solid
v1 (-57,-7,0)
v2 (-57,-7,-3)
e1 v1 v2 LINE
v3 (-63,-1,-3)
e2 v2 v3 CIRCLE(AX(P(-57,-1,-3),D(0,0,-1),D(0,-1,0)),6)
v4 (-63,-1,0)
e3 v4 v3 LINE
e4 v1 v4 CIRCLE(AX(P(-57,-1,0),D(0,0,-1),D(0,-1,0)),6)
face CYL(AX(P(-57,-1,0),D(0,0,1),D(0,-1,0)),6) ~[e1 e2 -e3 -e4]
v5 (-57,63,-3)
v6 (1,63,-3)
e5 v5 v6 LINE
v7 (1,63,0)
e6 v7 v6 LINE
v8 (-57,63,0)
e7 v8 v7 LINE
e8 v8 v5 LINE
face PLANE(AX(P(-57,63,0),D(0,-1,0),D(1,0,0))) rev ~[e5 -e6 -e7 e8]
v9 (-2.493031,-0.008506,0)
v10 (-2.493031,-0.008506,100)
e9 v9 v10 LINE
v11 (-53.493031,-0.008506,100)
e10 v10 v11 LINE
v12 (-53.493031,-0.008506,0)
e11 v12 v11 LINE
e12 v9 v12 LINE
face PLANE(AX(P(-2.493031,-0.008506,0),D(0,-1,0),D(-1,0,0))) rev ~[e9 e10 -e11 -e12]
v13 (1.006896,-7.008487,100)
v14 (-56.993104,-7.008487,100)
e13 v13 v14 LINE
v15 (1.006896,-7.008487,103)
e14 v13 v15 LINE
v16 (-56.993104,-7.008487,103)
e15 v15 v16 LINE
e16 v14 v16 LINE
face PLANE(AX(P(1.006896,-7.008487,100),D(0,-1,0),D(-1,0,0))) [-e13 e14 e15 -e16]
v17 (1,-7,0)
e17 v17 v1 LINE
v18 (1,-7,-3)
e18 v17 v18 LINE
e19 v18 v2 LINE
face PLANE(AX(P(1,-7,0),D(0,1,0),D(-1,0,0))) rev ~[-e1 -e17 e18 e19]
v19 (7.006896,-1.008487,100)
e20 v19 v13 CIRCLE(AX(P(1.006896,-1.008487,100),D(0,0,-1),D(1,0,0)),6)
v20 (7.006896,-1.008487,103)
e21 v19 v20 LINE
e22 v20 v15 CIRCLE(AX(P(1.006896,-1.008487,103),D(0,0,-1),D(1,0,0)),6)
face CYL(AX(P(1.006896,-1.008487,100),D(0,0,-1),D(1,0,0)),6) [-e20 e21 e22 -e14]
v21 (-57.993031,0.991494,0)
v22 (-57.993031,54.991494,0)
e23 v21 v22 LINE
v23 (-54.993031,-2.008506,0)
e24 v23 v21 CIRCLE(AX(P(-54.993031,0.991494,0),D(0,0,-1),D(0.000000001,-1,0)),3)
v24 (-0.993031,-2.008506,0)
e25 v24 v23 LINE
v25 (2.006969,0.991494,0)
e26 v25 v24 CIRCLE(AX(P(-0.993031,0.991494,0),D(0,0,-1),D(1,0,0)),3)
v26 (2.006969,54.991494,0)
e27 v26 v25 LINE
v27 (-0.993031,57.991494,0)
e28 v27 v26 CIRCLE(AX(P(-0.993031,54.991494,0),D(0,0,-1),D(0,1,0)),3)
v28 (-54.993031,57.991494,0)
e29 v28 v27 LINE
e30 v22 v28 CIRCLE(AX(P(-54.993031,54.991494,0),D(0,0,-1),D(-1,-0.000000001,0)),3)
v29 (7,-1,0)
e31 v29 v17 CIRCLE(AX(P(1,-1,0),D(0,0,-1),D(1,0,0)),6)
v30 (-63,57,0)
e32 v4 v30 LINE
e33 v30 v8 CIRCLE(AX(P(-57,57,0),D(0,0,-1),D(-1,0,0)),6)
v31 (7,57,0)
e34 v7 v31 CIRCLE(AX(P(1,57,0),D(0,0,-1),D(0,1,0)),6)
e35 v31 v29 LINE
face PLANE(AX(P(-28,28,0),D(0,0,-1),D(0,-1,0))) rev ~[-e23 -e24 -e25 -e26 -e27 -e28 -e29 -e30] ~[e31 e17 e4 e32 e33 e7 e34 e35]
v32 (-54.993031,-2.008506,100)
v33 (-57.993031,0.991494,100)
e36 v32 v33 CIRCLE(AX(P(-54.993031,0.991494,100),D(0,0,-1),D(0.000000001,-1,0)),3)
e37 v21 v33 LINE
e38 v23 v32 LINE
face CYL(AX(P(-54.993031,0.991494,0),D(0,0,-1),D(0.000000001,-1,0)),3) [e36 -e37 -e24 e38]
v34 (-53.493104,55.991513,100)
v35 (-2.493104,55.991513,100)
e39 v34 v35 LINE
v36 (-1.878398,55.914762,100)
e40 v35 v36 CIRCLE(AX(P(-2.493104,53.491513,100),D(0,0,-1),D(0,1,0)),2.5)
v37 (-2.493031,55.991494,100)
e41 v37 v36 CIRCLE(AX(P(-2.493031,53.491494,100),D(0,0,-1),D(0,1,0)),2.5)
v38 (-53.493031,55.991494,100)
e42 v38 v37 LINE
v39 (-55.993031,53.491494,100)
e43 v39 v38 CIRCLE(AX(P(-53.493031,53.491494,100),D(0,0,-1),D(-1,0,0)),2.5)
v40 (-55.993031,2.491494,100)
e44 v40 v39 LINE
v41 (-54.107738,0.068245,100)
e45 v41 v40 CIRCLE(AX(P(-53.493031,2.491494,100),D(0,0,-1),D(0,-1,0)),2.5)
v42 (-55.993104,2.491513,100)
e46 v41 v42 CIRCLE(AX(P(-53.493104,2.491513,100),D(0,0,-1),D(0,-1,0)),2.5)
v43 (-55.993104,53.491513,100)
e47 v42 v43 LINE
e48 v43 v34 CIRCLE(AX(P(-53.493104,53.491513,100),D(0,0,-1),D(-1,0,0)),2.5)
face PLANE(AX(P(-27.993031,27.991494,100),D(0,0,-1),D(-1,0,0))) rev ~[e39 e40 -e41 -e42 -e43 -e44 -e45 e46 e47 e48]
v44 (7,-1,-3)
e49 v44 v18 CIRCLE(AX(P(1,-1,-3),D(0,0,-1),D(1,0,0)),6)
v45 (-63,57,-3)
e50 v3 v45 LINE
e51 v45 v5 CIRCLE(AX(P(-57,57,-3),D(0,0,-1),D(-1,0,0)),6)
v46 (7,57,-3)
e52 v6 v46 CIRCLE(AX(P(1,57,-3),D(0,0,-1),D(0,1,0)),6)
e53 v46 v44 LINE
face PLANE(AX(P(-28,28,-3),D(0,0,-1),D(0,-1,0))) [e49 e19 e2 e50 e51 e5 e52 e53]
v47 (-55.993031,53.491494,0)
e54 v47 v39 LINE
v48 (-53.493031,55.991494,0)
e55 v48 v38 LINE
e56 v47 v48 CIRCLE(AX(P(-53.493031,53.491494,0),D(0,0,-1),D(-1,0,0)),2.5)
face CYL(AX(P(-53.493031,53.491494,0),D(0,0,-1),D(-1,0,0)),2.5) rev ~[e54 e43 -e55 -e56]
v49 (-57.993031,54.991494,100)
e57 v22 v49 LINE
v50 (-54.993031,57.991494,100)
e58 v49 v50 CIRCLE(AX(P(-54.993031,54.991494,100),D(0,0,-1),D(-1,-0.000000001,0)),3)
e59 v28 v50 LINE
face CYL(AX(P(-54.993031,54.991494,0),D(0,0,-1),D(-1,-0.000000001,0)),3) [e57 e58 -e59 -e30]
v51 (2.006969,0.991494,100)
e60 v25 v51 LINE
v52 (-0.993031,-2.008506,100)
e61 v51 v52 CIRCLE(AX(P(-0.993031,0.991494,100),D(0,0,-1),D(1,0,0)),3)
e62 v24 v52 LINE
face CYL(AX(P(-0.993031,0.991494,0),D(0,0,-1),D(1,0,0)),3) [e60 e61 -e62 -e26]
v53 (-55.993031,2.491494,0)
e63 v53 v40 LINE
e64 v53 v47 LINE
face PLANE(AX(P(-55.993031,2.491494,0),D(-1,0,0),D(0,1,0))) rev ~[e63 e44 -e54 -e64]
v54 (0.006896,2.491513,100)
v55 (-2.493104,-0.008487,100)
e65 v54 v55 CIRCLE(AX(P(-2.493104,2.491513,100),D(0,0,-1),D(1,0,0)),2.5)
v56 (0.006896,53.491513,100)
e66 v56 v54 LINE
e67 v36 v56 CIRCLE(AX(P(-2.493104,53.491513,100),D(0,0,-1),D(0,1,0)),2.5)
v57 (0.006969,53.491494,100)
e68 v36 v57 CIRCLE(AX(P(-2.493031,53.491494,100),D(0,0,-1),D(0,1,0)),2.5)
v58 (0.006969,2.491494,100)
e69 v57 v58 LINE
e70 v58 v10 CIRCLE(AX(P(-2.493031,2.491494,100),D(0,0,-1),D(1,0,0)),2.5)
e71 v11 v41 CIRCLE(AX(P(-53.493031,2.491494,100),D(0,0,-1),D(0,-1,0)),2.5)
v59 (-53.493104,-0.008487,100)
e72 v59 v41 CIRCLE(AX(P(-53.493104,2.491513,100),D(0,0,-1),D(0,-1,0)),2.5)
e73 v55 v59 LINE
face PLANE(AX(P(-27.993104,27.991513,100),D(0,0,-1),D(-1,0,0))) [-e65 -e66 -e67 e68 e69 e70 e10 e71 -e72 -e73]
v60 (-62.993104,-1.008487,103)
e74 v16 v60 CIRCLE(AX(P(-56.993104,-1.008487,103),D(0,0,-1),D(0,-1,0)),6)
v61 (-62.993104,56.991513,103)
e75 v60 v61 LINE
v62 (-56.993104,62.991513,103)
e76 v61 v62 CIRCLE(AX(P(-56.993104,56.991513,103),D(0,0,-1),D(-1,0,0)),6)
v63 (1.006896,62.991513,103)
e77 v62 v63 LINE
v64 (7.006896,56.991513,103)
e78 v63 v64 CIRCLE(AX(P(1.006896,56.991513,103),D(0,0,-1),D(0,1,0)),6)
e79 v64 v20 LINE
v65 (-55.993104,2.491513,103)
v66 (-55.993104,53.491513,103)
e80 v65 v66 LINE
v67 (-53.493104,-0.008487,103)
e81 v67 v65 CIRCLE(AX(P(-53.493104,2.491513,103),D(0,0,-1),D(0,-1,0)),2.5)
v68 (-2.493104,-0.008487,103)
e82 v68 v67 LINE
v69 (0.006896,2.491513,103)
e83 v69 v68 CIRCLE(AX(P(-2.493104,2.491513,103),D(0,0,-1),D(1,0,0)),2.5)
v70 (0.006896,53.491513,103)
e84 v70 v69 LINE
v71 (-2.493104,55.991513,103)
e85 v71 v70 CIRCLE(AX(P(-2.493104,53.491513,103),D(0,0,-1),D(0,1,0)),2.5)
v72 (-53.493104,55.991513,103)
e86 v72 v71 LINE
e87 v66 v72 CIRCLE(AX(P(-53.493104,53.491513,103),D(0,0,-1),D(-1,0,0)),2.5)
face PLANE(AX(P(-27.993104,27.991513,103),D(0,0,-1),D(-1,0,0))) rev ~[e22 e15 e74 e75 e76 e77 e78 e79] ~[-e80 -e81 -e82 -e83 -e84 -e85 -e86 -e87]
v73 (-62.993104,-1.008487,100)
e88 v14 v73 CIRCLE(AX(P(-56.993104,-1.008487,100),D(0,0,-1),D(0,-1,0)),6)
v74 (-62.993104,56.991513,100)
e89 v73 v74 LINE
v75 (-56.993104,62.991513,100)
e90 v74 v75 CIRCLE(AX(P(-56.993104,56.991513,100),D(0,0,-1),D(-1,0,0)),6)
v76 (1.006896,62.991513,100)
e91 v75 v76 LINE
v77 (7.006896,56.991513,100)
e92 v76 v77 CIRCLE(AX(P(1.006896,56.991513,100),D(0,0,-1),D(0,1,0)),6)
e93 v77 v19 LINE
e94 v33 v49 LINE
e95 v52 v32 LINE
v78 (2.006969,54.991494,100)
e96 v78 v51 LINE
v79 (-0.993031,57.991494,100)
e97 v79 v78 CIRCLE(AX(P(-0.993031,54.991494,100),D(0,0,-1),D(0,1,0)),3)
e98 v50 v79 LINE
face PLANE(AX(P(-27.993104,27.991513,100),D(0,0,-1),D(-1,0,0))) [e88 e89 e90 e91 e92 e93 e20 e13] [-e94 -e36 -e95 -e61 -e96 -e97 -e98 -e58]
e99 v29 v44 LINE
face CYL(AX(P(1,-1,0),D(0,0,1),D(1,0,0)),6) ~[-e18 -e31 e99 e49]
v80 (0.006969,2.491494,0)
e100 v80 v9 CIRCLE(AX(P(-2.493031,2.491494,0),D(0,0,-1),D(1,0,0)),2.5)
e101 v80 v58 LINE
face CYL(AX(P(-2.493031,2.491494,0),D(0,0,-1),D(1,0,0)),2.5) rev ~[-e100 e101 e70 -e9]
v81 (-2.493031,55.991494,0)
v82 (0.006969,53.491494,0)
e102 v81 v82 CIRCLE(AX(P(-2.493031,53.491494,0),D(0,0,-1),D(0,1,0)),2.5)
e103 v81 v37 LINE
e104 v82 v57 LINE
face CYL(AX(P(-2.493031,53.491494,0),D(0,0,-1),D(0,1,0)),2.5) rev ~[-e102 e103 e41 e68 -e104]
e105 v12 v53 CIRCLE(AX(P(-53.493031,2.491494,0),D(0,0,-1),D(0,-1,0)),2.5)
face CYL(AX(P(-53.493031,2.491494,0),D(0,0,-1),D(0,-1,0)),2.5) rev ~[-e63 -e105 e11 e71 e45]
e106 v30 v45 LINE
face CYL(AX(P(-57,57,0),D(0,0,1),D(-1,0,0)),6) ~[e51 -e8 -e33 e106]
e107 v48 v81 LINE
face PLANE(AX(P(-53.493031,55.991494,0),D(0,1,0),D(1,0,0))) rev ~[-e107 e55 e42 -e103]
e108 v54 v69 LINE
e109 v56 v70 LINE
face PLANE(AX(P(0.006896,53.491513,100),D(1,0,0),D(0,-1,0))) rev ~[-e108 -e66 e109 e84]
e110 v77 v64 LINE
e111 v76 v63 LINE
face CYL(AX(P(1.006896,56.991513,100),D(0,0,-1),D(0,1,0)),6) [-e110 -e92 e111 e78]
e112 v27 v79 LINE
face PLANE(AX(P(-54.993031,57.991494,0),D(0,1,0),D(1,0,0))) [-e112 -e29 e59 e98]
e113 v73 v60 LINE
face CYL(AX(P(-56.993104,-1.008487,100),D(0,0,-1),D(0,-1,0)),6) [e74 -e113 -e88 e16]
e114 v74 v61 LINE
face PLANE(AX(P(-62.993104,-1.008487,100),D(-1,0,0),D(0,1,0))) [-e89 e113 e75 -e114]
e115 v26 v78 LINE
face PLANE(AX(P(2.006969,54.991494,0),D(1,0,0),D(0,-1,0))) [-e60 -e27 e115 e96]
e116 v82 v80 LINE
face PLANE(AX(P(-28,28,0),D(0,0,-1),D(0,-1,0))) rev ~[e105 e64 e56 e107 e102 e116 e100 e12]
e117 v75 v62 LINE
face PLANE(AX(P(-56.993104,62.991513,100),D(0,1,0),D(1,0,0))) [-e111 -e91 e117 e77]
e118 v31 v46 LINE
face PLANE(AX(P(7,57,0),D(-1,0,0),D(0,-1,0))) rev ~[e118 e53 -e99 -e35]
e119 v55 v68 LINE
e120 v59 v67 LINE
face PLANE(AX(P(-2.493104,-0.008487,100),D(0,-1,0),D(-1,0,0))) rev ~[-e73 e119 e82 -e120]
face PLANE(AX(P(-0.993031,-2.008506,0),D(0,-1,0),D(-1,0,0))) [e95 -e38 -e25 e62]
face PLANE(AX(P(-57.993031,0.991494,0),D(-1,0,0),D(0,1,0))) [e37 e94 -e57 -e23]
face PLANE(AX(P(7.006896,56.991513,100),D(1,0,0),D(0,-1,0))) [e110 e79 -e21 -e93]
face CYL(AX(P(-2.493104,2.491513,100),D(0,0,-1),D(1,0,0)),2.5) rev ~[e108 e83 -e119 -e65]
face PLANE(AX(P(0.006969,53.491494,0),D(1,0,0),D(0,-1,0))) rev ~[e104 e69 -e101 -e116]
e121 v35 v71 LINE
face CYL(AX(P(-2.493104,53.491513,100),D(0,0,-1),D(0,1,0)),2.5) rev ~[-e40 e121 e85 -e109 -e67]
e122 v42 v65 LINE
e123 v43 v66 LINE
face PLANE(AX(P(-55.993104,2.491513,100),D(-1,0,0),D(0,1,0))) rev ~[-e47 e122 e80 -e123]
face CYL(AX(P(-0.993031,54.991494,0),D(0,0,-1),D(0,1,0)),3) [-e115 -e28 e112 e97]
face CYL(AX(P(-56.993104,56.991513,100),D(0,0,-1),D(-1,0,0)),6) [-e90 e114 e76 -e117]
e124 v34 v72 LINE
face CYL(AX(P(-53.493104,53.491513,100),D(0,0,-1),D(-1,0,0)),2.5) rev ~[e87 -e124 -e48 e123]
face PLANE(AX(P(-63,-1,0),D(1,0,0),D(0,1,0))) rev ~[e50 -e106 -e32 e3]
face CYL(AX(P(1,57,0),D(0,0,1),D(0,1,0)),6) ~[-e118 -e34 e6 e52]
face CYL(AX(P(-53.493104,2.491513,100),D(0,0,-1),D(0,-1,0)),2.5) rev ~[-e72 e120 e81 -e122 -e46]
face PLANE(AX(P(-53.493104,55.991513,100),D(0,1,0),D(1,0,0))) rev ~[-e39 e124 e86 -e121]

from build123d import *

# Parameters (mm, degrees)
BOSS_EXTRUDE1_DEPTH = 3
BOSS_EXTRUDE2_DEPTH = 100
BOSS_EXTRUDE3_DEPTH = 3


with BuildPart() as part:
    # Sketch1 → Boss-Extrude1 (new body)
    with BuildSketch(Plane(origin=(0, 0, 0), x_dir=(0, 1, 0), z_dir=(0, 0, 1))):
        with BuildLine():
            Line((-1, 63), (57, 63))
            ThreePointArc((57, 63), (61.242640687, 61.242640687), (63, 57))
            Line((63, 57), (63, -1))
            ThreePointArc((63, -1), (61.242640687, -5.242640687), (57, -7))
            Line((57, -7), (-1, -7))
            ThreePointArc((-1, -7), (-5.242640687, -5.242640687), (-7, -1))
            Line((-7, -1), (-7, 57))
            ThreePointArc((-7, 57), (-5.242640687, 61.242640687), (-1, 63))
        make_face()
    extrude(amount=-BOSS_EXTRUDE1_DEPTH)

    # Sketch2 → Boss-Extrude2 (add)
    with BuildSketch(Plane.XY):
        with BuildLine():
            Line((-54.993031309, 57.991494042), (-0.993031309, 57.991494042))
            ThreePointArc((-0.993031309, 57.991494042), (1.128289034, 57.112814386), (2.006968691, 54.991494042))
            Line((2.006968691, 54.991494042), (2.006968691, 0.991494042))
            ThreePointArc((2.006968691, 0.991494042), (1.128289034, -1.129826302), (-0.993031309, -2.008505958))
            Line((-0.993031309, -2.008505958), (-54.993031309, -2.008505958))
            ThreePointArc((-54.993031309, -2.008505958), (-57.114351653, -1.129826302), (-57.993031309, 0.991494042))
            Line((-57.993031309, 0.991494042), (-57.993031309, 54.991494042))
            ThreePointArc((-57.993031309, 54.991494042), (-57.114351653, 57.112814386), (-54.993031309, 57.991494042))
        make_face()
        with BuildLine():
            Line((-55.993031309, 2.491494042), (-55.993031309, 53.491494042))
            ThreePointArc((-55.993031309, 53.491494042), (-55.260798262, 55.259260995), (-53.493031309, 55.991494042))
            Line((-53.493031309, 55.991494042), (-2.493031309, 55.991494042))
            ThreePointArc((-2.493031309, 55.991494042), (-0.725264356, 55.259260995), (0.006968691, 53.491494042))
            Line((0.006968691, 53.491494042), (0.006968691, 2.491494042))
            ThreePointArc((0.006968691, 2.491494042), (-0.725264356, 0.723727089), (-2.493031309, -0.008505958))
            Line((-2.493031309, -0.008505958), (-53.493031309, -0.008505958))
            ThreePointArc((-53.493031309, -0.008505958), (-55.260798262, 0.723727089), (-55.993031309, 2.491494042))
        make_face(mode=Mode.SUBTRACT)
    extrude(amount=BOSS_EXTRUDE2_DEPTH)

    # Sketch4 → Boss-Extrude3 (add)
    with BuildSketch(Plane.XY.offset(100)):
        with BuildLine():
            Line((-56.993104306, 62.991512558), (1.006895694, 62.991512558))
            ThreePointArc((1.006895694, 62.991512558), (5.249536381, 61.234153245), (7.006895694, 56.991512558))
            Line((7.006895694, 56.991512558), (7.006895694, -1.008487442))
            ThreePointArc((7.006895694, -1.008487442), (5.249536381, -5.251128129), (1.006895694, -7.008487442))
            Line((1.006895694, -7.008487442), (-56.993104306, -7.008487442))
            ThreePointArc((-56.993104306, -7.008487442), (-61.235744993, -5.251128129), (-62.993104306, -1.008487442))
            Line((-62.993104306, -1.008487442), (-62.993104306, 56.991512558))
            ThreePointArc((-62.993104306, 56.991512558), (-61.235744993, 61.234153245), (-56.993104306, 62.991512558))
        make_face()
        with BuildLine():
            Line((-55.993104306, 2.491512558), (-55.993104306, 53.491512558))
            ThreePointArc((-55.993104306, 53.491512558), (-55.260871259, 55.259279511), (-53.493104306, 55.991512558))
            Line((-53.493104306, 55.991512558), (-2.493104306, 55.991512558))
            ThreePointArc((-2.493104306, 55.991512558), (-0.725337353, 55.259279511), (0.006895694, 53.491512558))
            Line((0.006895694, 53.491512558), (0.006895694, 2.491512558))
            ThreePointArc((0.006895694, 2.491512558), (-0.725337353, 0.723745605), (-2.493104306, -0.008487442))
            Line((-2.493104306, -0.008487442), (-53.493104306, -0.008487442))
            ThreePointArc((-53.493104306, -0.008487442), (-55.260871259, 0.723745605), (-55.993104306, 2.491512558))
        make_face(mode=Mode.SUBTRACT)
    extrude(amount=BOSS_EXTRUDE3_DEPTH)


solid = part.part
